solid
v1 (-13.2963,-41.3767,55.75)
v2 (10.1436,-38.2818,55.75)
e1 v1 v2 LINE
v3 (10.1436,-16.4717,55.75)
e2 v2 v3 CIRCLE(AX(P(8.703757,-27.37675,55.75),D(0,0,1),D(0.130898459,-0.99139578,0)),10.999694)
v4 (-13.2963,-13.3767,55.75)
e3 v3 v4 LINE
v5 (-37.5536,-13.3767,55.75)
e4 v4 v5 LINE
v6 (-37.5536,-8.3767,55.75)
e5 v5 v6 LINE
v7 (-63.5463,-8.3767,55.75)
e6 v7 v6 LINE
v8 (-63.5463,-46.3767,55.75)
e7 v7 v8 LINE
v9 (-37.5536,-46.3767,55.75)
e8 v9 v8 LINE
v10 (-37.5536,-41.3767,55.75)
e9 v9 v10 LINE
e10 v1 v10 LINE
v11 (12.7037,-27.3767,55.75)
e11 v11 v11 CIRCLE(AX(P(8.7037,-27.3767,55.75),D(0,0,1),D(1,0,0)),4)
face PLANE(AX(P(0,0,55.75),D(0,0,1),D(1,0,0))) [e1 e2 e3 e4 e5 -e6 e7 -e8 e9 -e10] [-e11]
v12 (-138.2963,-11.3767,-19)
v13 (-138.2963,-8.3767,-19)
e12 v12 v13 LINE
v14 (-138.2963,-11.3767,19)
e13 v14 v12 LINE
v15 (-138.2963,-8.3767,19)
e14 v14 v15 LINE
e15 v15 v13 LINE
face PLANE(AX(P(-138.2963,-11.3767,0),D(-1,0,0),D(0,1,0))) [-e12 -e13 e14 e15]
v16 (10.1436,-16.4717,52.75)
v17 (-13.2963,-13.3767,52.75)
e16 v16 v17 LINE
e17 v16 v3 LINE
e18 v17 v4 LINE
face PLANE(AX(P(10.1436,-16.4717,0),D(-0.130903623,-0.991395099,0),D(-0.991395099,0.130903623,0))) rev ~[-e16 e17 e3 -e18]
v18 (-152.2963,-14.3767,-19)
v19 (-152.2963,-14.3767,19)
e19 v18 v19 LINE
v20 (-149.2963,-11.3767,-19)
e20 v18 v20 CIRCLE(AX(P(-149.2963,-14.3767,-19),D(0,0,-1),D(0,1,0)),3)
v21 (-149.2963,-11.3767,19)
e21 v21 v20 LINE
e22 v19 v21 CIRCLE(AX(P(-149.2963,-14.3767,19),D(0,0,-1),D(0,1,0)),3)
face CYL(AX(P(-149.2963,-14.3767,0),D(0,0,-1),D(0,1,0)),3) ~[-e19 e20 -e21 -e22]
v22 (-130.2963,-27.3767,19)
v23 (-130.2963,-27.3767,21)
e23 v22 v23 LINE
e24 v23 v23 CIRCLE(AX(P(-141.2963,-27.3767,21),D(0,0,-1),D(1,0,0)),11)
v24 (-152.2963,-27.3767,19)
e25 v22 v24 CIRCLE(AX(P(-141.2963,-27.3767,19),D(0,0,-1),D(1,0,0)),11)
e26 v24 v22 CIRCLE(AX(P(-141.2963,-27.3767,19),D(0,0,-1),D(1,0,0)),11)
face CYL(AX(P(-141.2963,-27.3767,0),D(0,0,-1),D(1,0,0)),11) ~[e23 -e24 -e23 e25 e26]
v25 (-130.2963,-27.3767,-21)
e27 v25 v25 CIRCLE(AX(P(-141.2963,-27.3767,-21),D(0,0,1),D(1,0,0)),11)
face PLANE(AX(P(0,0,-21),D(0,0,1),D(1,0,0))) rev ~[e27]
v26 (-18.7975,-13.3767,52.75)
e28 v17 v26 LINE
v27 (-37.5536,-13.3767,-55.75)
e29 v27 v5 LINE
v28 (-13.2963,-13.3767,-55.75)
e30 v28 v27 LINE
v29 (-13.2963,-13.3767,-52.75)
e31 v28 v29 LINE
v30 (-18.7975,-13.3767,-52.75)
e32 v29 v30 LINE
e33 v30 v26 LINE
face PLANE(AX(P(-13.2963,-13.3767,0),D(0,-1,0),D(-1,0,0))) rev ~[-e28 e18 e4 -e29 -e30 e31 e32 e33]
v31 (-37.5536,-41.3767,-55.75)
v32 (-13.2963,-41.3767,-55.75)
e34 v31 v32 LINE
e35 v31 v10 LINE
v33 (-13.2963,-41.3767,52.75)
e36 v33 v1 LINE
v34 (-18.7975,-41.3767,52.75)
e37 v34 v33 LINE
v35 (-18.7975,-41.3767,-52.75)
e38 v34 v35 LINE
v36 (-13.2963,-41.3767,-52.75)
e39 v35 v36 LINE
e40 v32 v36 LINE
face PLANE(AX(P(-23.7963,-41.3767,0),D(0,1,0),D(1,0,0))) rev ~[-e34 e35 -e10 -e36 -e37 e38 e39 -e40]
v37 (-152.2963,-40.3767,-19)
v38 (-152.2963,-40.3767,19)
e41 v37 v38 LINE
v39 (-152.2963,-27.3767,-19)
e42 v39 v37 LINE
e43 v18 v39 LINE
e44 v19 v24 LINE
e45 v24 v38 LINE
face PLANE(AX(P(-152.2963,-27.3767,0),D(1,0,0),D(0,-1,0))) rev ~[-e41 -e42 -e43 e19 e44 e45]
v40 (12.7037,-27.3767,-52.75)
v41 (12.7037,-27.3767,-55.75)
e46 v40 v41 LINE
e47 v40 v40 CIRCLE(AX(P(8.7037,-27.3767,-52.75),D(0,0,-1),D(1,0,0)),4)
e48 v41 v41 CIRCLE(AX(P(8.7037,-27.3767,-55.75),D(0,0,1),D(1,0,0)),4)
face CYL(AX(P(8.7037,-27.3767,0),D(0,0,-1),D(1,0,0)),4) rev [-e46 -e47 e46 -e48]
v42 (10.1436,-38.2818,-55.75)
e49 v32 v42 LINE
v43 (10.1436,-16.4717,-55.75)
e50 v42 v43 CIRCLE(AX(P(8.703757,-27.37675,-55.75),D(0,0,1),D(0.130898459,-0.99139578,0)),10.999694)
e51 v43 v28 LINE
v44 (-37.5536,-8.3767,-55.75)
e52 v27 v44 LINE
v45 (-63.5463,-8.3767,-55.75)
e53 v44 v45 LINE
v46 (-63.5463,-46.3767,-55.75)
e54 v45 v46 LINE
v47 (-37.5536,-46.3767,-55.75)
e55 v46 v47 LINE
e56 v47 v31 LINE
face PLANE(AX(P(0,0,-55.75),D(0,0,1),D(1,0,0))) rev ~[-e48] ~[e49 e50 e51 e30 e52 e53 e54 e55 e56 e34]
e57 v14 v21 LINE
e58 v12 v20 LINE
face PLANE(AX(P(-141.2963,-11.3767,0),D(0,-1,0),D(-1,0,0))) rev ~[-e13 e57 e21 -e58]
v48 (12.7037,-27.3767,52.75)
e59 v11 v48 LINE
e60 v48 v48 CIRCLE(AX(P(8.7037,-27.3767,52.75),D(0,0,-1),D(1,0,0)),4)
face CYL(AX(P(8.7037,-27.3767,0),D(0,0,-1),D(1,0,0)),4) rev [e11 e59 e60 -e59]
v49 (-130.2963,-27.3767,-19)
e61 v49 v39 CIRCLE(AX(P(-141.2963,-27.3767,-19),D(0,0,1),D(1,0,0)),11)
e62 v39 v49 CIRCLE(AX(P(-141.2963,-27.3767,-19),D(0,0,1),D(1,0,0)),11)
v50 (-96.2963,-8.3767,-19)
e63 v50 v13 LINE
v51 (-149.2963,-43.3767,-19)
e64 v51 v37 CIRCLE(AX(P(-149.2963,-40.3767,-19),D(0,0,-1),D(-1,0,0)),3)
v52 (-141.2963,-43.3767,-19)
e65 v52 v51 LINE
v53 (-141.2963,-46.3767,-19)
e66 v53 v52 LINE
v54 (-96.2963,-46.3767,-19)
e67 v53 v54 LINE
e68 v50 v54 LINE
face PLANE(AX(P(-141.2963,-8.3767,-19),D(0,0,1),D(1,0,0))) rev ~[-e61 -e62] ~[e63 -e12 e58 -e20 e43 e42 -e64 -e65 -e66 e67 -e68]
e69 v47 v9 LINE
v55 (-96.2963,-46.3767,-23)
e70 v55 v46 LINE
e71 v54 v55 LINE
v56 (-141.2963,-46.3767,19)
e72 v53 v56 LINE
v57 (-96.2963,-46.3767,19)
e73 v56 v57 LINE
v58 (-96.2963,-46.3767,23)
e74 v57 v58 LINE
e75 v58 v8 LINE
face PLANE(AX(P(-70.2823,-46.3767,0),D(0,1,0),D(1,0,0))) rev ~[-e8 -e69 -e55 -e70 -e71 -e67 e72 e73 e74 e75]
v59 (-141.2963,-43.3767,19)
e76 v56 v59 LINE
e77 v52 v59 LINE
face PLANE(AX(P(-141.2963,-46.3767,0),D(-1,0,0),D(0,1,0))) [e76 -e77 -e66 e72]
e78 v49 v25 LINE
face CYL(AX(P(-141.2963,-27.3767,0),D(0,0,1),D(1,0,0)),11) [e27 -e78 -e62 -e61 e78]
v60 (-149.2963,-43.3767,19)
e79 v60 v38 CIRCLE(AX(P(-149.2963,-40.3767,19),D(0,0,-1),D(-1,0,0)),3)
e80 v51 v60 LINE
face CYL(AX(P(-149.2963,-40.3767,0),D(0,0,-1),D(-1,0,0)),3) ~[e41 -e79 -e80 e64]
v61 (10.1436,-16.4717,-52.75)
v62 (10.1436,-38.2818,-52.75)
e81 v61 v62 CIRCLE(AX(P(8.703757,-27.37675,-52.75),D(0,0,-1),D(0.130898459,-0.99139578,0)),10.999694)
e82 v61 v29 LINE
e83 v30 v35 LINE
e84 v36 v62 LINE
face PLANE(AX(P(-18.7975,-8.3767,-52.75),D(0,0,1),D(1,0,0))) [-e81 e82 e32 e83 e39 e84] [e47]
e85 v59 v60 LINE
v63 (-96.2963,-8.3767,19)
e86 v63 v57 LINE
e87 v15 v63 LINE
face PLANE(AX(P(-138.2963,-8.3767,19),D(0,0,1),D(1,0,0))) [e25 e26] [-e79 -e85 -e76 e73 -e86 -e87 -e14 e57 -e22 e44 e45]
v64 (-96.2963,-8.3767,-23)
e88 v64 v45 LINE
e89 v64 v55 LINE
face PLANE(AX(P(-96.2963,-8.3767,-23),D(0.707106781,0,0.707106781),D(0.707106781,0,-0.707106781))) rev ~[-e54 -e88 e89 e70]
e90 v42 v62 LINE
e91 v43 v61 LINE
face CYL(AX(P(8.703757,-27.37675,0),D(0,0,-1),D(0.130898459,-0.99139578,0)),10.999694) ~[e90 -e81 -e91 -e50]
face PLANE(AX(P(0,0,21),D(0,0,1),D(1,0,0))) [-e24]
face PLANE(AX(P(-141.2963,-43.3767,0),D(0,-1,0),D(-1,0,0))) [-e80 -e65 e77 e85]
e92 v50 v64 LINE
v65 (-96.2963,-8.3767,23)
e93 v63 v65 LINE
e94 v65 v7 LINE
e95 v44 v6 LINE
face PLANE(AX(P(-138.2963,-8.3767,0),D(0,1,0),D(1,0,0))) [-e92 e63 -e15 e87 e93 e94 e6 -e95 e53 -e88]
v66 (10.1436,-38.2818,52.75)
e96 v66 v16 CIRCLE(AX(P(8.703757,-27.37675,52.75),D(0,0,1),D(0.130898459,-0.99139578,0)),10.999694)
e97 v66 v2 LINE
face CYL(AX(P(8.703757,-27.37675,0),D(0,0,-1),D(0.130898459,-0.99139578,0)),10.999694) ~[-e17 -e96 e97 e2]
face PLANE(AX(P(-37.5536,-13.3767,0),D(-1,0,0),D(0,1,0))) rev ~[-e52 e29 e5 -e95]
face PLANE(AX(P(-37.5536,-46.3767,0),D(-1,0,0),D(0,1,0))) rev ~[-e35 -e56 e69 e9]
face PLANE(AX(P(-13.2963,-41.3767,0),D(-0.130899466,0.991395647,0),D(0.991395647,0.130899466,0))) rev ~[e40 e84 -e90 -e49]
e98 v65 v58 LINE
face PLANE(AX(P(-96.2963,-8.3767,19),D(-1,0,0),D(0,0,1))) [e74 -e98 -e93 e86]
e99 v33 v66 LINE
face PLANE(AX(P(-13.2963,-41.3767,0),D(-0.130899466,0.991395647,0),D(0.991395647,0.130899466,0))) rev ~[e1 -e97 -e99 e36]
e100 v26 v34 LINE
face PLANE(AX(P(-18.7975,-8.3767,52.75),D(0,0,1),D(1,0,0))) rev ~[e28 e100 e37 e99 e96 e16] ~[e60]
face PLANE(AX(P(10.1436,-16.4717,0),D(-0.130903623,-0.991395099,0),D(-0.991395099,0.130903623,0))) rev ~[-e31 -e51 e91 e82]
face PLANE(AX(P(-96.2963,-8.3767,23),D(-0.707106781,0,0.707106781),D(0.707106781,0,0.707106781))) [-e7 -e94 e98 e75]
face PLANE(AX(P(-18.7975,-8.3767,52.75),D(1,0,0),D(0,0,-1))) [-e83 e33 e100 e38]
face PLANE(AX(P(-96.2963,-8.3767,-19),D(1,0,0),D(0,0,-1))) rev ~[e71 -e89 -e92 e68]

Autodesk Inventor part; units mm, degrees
ref_plane "YZ Plane" through (0, 0, 0) normal (1, 0, 0) x (0, 1, 0)
ref_plane "XZ Plane" through (0, 0, 0) normal (0, 1, 0) x (-1, 0, 0)
ref_plane "XY Plane" through (0, 0, 0) normal (0, 0, 1) x (1, 0, 0)
sketch "Sketch1" plane through (0, 0, 0) normal (0, 0, 1) x (1, 0, 0)
  circle A0 centre (-141.2963, -27.3767) radius 11
  line L0 (-141.2963, -11.3767) -> (-149.2963, -11.3767)
  line L1 (-152.2963, -14.3767) -> (-152.2963, -27.3767)
  line L2 (-152.2963, -27.3767) -> (-152.2963, -40.3767)
  line L3 (-141.2963, -11.3767) -> (-138.2963, -11.3767)
  line L4 (-138.2963, -11.3767) -> (-138.2963, -8.3767)
  line L5 (-138.2963, -8.3767) -> (-70.2823, -8.3767)
  line L6 (-141.2963, -46.3767) -> (-70.2823, -46.3767)
  line L7 (-141.2963, -46.3767) -> (-141.2963, -43.3767)
  line L8 (-141.2963, -43.3767) -> (-149.2963, -43.3767)
  arc A1 (-149.2963, -11.3767) -> (-152.2963, -14.3767) centre (-149.2963, -14.3767) ccw
  arc A2 (-152.2963, -40.3767) -> (-149.2963, -43.3767) centre (-149.2963, -40.3767) ccw
  line L9 (-23.7963, -41.3767) -> (-13.2963, -41.3767)
  line L10 (-13.2963, -41.3767) -> (10.1436, -38.2818)
  arc A3 (10.1436, -38.2818) -> (10.1436, -16.4717) centre (8.7037, -27.3767) ccw
  line L11 (10.1436, -16.4717) -> (-13.2963, -13.3767)
  line L12 (-13.2963, -13.3767) -> (-37.5536, -13.3767)
  circle A4 centre (8.7037, -27.3767) radius 4
  line L13 (-37.5536, -13.3767) -> (-37.5536, -8.3767)
  line L14 (-37.5536, -8.3767) -> (-70.2823, -8.3767)
  line L15 (-70.2823, -46.3767) -> (-37.5536, -46.3767)
  line L16 (-37.5536, -46.3767) -> (-37.5536, -41.3767)
  line L17 (-23.7963, -41.3767) -> (-37.5536, -41.3767)
  dimension "d18" = 22
  dimension "d20" = 16
  dimension "d22" = 3
  dimension "d27" = 3
extrude "Extrusion6" add sketch "Sketch1" along normal mid plane 111.5 contours A0 | L1 A1 L0 L3 L4 L5 L14 L13 L12 L11 A3 L10 L9 L17 L16 L15 L6 L7 L8 A2 L2
sketch "Sketch5" plane through (-138.2963, -8.3767, 55.75) normal (0, 1, 0) x (1, 0, 0)
  line L0 (100.7426, 0) -> (100.7426, 111.5) projected
  line L1 (100.7426, 0) -> (100.7426, 3)
  line L2 (100.7426, 3) -> (159.7547, 3)
  line L3 (100.7426, 111.5) -> (100.7426, 108.5)
  line L4 (100.7426, 108.5) -> (159.7547, 108.5)
  line L5 (159.7547, 108.5) -> (159.7547, 3)
  line L6 (100.7426, 3) -> (100.7426, 108.5)
  line L7 (157.9988, 3) -> (119.4988, 3)
  line L8 (119.4988, 3) -> (119.4988, 108.5)
  point P0 (138.2963, 55.75)
  dimension "d32" = 3
  dimension "d33" = 3
  dimension "d34" = 38.5
extrude "Extrusion7" cut sketch "Sketch5" against normal blind 105.5 contours L8 L4 L5 L2
sketch "Sketch6" plane through (-138.2963, -8.3767, 55.75) normal (0, 1, 0) x (1, 0, 0)
  line L0 (0, 0) -> (100.7426, 0) projected
  line L1 (100.7426, 111.5) -> (0, 111.5) projected
  line L2 (-11, 0) -> (0, 0) projected
  line L3 (0, 0) -> (0, 111.5) projected
  line L4 (0, 111.5) -> (-11, 111.5) projected
  line L5 (-11, 0) -> (-11, 111.5) projected
  line L6 (125, 3) -> (119.4988, 3) projected
  line L7 (119.4988, 3) -> (119.4988, 108.5) projected
  line L8 (119.4988, 108.5) -> (125, 108.5) projected
  line L9 (125, 108.5) -> (125, 111.5) projected
  line L10 (125, 111.5) -> (100.7426, 111.5) projected
  line L11 (100.7426, 0) -> (100.7426, 111.5) projected
  line L12 (100.7426, 0) -> (125, 0) projected
  line L13 (125, 0) -> (125, 3) projected
  line L14 (-14, 0) -> (-11, 0) projected
  line L15 (-11, 0) -> (-11, 111.5) projected
  line L16 (-11, 111.5) -> (-14, 111.5) projected
  line L17 (-14, 0) -> (-14, 111.5) projected
  line L18 (-14, 0) -> (-14, 111.5) projected
  line L19 (-14, 0) -> (-14, 111.5) projected
  line L20 (-14, 55.75) -> (-3, 55.75)
  line L21 (-3, 55.75) -> (-3, 74.75)
  line L22 (-3, 74.75) -> (-14, 74.75)
  line L23 (-3, 55.75) -> (-3, 36.75)
  line L24 (-3, 36.75) -> (-14, 36.75)
  line L25 (-11, 55.75) -> (42, 55.75)
  line L26 (42, 55.75) -> (42, 78.75)
  line L27 (42, 78.75) -> (74.75, 111.5)
  line L28 (-3, 74.75) -> (42, 74.75)
  line L29 (42, 55.75) -> (42, 32.75)
  line L30 (42, 32.75) -> (74.75, 0)
  line L31 (-3, 36.75) -> (42, 36.75)
  line L32 (74.75, 111.5) -> (-14, 111.5)
  line L33 (-14, 111.5) -> (-14, 74.75)
  line L34 (-14, 36.75) -> (-14, 0)
  line L35 (-14, 0) -> (74.75, 0)
  point P0 (138.2963, 55.75)
  dimension "d37" = 11
  dimension "d38" = 19
  dimension "d39" = 19
  dimension "d40" = 53
  dimension "d41" = 23
  dimension "d42" = 135
  dimension "d43" = 23
extrude "Extrusion8" cut sketch "Sketch6" against normal blind 105.5 contours L3 L31 L29 L30 L0 | L2 L5 L24 L31 L3 | L14 L17 L24 L5 | L28 L22 L5 L4 L3 | L3 L1 L27 L26 L28 | L22 L17 L16 L5
extrude "Extrusion9" add sketch "Sketch1" along normal mid plane 42 contours A0
properties part number "ForeArm"
